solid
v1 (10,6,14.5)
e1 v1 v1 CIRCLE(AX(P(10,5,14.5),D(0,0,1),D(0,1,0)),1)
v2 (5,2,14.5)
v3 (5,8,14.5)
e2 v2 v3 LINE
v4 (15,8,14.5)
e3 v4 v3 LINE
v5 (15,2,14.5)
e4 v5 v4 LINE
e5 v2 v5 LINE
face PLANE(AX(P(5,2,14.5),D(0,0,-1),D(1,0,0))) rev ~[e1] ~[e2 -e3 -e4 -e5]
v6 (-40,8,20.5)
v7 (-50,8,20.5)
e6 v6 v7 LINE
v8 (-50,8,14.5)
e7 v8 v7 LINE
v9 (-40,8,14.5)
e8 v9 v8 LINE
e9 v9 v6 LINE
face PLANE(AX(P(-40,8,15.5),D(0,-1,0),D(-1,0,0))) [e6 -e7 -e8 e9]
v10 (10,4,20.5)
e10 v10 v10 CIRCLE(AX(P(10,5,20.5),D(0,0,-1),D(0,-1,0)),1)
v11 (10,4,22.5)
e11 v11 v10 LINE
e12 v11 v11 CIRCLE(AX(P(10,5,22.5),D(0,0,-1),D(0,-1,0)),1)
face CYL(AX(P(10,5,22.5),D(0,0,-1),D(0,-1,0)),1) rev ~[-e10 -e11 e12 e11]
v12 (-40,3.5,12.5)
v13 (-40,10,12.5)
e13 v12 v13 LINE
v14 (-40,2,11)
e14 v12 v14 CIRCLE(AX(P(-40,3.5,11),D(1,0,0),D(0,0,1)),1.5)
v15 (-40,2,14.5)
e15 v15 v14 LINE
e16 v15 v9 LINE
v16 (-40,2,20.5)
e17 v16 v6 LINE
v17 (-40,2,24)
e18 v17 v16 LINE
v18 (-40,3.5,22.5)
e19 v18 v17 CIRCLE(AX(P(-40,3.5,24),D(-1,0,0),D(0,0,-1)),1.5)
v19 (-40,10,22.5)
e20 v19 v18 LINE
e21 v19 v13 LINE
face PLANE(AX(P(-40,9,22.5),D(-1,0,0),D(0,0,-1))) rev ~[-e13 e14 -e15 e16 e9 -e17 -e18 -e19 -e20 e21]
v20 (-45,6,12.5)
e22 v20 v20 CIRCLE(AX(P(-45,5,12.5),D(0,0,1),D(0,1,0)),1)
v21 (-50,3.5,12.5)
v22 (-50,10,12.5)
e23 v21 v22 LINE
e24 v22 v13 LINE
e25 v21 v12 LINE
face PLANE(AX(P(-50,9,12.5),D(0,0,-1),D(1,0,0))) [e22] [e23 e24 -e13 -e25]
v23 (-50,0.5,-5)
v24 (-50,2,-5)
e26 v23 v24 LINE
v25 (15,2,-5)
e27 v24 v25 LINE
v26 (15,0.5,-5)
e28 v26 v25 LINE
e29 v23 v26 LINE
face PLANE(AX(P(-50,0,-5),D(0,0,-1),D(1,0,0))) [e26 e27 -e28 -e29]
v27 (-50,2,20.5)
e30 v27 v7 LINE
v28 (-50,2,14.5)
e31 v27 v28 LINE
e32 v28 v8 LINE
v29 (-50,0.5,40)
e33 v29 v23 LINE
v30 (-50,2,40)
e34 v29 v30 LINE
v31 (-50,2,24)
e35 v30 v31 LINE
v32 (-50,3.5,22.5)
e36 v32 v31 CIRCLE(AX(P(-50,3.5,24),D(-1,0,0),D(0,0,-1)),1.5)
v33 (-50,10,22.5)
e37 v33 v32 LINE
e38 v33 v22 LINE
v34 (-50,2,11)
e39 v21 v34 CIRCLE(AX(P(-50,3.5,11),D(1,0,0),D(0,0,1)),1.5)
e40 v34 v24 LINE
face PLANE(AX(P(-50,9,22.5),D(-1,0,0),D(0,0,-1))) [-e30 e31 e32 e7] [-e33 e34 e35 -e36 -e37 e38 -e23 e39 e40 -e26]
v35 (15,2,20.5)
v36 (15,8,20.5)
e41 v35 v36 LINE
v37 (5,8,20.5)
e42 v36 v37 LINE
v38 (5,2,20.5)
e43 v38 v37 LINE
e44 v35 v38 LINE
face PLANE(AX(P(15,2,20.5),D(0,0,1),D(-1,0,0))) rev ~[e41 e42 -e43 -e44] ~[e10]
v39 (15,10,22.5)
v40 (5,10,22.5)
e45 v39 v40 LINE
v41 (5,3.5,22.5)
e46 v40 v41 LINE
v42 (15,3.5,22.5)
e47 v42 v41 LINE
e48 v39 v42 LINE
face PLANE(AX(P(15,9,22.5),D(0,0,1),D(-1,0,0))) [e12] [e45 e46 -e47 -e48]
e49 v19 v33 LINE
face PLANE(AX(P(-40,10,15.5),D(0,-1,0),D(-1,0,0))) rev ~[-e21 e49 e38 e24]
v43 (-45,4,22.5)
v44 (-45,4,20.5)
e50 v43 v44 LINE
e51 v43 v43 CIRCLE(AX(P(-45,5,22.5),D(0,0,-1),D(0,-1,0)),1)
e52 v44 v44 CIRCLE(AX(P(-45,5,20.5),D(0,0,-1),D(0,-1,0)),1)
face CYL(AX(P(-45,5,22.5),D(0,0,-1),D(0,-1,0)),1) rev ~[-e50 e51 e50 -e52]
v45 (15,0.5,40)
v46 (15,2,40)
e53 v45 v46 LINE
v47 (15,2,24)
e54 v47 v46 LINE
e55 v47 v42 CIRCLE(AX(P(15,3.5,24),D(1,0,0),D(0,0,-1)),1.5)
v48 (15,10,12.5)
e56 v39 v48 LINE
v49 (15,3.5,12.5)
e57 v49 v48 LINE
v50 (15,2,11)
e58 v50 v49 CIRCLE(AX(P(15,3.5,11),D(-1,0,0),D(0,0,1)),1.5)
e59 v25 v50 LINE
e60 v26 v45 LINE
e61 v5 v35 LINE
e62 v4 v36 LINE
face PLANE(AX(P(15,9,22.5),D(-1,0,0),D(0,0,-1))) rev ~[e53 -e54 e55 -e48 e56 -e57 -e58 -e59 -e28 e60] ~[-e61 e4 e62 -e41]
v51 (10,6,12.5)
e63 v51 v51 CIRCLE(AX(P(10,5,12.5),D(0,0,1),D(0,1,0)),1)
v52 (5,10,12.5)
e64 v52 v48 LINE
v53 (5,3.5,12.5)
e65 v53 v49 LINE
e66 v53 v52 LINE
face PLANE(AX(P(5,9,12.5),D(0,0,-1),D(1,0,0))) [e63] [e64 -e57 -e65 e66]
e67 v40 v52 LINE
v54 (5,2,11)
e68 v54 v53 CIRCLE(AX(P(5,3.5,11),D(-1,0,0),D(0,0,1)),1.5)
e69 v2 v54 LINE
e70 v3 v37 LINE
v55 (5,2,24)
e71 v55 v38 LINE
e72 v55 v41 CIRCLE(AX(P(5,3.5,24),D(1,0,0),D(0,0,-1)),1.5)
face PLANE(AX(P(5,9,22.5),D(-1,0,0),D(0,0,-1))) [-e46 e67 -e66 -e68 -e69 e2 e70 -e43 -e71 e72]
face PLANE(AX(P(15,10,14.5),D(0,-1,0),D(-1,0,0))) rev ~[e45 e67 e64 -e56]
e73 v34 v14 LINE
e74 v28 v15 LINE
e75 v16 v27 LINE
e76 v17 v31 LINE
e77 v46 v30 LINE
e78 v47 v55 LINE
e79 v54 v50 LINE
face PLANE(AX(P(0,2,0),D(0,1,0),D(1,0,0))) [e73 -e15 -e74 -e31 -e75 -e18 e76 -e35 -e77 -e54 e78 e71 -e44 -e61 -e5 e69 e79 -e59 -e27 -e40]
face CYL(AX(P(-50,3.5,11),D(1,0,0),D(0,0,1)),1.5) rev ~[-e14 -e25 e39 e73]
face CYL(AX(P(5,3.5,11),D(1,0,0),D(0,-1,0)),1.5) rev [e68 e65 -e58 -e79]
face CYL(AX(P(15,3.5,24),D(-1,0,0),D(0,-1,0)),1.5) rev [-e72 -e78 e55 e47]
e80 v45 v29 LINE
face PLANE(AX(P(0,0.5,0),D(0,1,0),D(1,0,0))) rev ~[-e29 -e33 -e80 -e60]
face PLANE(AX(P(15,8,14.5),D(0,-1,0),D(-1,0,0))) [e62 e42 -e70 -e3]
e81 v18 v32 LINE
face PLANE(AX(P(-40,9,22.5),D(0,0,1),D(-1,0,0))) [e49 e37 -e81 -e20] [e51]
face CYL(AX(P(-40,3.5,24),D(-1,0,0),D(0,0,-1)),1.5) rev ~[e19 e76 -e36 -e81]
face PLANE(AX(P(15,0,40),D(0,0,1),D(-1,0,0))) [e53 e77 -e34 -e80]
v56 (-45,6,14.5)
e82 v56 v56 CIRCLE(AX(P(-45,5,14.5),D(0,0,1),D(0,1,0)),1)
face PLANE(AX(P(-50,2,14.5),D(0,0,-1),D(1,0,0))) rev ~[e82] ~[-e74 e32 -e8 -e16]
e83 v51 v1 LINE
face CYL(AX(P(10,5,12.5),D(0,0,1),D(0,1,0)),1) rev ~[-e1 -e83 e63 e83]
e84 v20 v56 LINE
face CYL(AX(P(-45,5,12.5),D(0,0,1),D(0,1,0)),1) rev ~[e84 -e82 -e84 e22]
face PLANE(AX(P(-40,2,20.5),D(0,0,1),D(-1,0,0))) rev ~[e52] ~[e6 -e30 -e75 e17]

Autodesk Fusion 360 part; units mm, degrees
sketch "Sketch1" plane through (0, 0, 0) normal (0, 1, 0) x (1, 0, 0)
  line L0 (-50, 5) -> (15, 5)
  line L1 (15, 5) -> (15, -40)
  line L2 (15, -40) -> (-50, -40)
  line L3 (-50, -40) -> (-50, 5)
  dimension "d1" = 65
  dimension "d2" = 45
extrude "Extrude1" add sketch "Sketch1" along normal blind 2
sketch "Sketch2" plane through (0, 2, 0) normal (0, 1, 0) x (-1, 0, 0)
  line L0 (50, 40) -> (-15, 40)
  line L1 (-15, 40) -> (-15, -5)
  line L2 (-15, -5) -> (50, -5)
  line L3 (50, -5) -> (50, 40)
  line L4 (50, 17.5) -> (-15, 17.5)
  line L5 (50, 14.5) -> (-15, 14.5)
  line L6 (-15, 20.5) -> (50, 20.5)
  line L7 (50, 12.5) -> (-15, 12.5)
  line L8 (-15, 22.5) -> (50, 22.5)
  line L9 (50, 17.5) -> (40, 17.5)
  line L10 (40, 17.5) -> (40, 12.5)
  line L11 (40, 17.5) -> (40, 22.5)
  line L12 (-15, 17.5) -> (-5, 17.5)
  line L13 (-5, 17.5) -> (-5, 12.5)
  line L14 (-5, 17.5) -> (-5, 22.5)
  dimension "d5" = 3
  dimension "d6" = 6
  dimension "d7" = -2
  dimension "d8" = -2
  dimension "d9" = 10
  dimension "d15" = 10
extrude "Extrude2" add sketch "Sketch2" along normal blind 7 contours L3 L6 L8 L11 | L3 L5 L7 L10
sketch "Sketch3" plane through (0, 0, 14.5) normal (0, 0, 1) x (1, 0, 0)
  line L0 (-50, 2) -> (-40, 2)
  line L1 (-40, 2) -> (-40, 9)
  line L2 (-40, 9) -> (-50, 9)
  line L3 (-50, 9) -> (-50, 2)
  line L4 (-40, 8) -> (-50, 8)
  dimension "d12" = -1
extrude "Extrude4" add sketch "Sketch2" along normal blind 7 contours L1 L6 L8 L14 | L1 L5 L7 L13
sketch "Sketch4" plane through (0, 0, 14.5) normal (0, 0, 1) x (1, 0, 0)
  line L0 (5, 2) -> (15, 2)
  line L1 (15, 2) -> (15, 9)
  line L2 (15, 9) -> (5, 9)
  line L3 (5, 9) -> (5, 2)
  line L4 (15, 8) -> (5, 8)
  dimension "d18" = -1
extrude "Extrude5" add sketch "Sketch4" along normal blind 6 contours L1 L2 L3 L4
extrude "Extrude6" add 1 faces at (8.3333, 9, 19.1667) along direction (0, 1, 0) blind 1
extrude "Extrude7" add sketch "Sketch3" along normal blind 1 contours L1 L2 L3 L4
extrude "Extrude8" add 1 faces at (-46.6667, 8.6667, 15.5) along direction (0, 0, 1) blind 5
extrude "Extrude9" add 1 faces at (-43.3333, 9, 15.8333) along direction (0, 1, 0) blind 1
extrude "Extrude10" cut 1 faces at (-28.3333, 0, 10) along direction (0, 1, 0) blind 0.5
sketch "Sketch5" plane through (0, 0, 22.5) normal (0, 0, 1) x (1, 0, 0)
  line L0 (-50, 2) -> (-40, 2)
  line L1 (-40, 2) -> (-40, 10)
  line L2 (-40, 10) -> (-50, 10)
  line L3 (-50, 10) -> (-50, 2)
  line L4 (-50, 2) -> (-50, 2.3478)
  circle A0 centre (-45, 5) radius 1
  dimension "d31" = 2
hole "Hole1" at (-45, 5, 22.5) direction (0, 0, -1) diameter 2 depth 2 tip angle 180
sketch "Sketch6" plane through (0, 0, 12.5) normal (0, 0, -1) x (-1, 0, 0)
  line L0 (40, 2) -> (50, 2)
  line L1 (50, 2) -> (50, 10)
  line L2 (50, 10) -> (40, 10)
  line L3 (40, 10) -> (40, 2)
  line L4 (40, 2) -> (45, 2)
  line L5 (45, 2) -> (45, 5)
  circle A0 centre (45, 5) radius 1
  dimension "d35" = 3
  dimension "d36" = 2
hole "Hole2" at (-45, 5, 12.5) direction (0, 0, 1) diameter 2 depth 2 tip angle 180
sketch "Sketch7" plane through (0, 0, 12.5) normal (0, 0, -1) x (-1, 0, 0)
  line L0 (-15, 2) -> (-5, 2)
  line L1 (-5, 2) -> (-5, 10)
  line L2 (-5, 10) -> (-15, 10)
  line L3 (-15, 10) -> (-15, 2)
  line L4 (-15, 2) -> (-10, 2)
  line L5 (-10, 2) -> (-10, 5)
  circle A0 centre (-10, 5) radius 1
  dimension "d40" = 3
  dimension "d41" = 2
hole "Hole3" at (10, 5, 12.5) direction (0, 0, 1) diameter 2 depth 2 tip angle 180
sketch "Sketch8" plane through (0, 2, 0) normal (0, 1, 0) x (-1, 0, 0)
sketch "Sketch9" plane through (0, 0, 22.5) normal (0, 0, 1) x (1, 0, 0)
  line L0 (5, 2) -> (15, 2)
  line L1 (15, 2) -> (15, 10)
  line L2 (15, 10) -> (5, 10)
  line L3 (5, 10) -> (5, 2)
  line L4 (5, 2) -> (10, 2)
  line L5 (10, 2) -> (10, 5)
  circle A0 centre (10, 5) radius 1
  dimension "d45" = 3
  dimension "d46" = 2
hole "Hole4" at (10, 5, 22.5) direction (0, 0, -1) diameter 2 depth 2 tip angle 180
fillet "Fillet1" radius 1.5 4 edges at (-45, 2, 12.5) (-45, 2, 22.5) (10, 2, 22.5) (10, 2, 12.5)
extrude "Extrude3" add sketch "Sketch3" along normal blind 6 contours L1 L2 L3 L4
